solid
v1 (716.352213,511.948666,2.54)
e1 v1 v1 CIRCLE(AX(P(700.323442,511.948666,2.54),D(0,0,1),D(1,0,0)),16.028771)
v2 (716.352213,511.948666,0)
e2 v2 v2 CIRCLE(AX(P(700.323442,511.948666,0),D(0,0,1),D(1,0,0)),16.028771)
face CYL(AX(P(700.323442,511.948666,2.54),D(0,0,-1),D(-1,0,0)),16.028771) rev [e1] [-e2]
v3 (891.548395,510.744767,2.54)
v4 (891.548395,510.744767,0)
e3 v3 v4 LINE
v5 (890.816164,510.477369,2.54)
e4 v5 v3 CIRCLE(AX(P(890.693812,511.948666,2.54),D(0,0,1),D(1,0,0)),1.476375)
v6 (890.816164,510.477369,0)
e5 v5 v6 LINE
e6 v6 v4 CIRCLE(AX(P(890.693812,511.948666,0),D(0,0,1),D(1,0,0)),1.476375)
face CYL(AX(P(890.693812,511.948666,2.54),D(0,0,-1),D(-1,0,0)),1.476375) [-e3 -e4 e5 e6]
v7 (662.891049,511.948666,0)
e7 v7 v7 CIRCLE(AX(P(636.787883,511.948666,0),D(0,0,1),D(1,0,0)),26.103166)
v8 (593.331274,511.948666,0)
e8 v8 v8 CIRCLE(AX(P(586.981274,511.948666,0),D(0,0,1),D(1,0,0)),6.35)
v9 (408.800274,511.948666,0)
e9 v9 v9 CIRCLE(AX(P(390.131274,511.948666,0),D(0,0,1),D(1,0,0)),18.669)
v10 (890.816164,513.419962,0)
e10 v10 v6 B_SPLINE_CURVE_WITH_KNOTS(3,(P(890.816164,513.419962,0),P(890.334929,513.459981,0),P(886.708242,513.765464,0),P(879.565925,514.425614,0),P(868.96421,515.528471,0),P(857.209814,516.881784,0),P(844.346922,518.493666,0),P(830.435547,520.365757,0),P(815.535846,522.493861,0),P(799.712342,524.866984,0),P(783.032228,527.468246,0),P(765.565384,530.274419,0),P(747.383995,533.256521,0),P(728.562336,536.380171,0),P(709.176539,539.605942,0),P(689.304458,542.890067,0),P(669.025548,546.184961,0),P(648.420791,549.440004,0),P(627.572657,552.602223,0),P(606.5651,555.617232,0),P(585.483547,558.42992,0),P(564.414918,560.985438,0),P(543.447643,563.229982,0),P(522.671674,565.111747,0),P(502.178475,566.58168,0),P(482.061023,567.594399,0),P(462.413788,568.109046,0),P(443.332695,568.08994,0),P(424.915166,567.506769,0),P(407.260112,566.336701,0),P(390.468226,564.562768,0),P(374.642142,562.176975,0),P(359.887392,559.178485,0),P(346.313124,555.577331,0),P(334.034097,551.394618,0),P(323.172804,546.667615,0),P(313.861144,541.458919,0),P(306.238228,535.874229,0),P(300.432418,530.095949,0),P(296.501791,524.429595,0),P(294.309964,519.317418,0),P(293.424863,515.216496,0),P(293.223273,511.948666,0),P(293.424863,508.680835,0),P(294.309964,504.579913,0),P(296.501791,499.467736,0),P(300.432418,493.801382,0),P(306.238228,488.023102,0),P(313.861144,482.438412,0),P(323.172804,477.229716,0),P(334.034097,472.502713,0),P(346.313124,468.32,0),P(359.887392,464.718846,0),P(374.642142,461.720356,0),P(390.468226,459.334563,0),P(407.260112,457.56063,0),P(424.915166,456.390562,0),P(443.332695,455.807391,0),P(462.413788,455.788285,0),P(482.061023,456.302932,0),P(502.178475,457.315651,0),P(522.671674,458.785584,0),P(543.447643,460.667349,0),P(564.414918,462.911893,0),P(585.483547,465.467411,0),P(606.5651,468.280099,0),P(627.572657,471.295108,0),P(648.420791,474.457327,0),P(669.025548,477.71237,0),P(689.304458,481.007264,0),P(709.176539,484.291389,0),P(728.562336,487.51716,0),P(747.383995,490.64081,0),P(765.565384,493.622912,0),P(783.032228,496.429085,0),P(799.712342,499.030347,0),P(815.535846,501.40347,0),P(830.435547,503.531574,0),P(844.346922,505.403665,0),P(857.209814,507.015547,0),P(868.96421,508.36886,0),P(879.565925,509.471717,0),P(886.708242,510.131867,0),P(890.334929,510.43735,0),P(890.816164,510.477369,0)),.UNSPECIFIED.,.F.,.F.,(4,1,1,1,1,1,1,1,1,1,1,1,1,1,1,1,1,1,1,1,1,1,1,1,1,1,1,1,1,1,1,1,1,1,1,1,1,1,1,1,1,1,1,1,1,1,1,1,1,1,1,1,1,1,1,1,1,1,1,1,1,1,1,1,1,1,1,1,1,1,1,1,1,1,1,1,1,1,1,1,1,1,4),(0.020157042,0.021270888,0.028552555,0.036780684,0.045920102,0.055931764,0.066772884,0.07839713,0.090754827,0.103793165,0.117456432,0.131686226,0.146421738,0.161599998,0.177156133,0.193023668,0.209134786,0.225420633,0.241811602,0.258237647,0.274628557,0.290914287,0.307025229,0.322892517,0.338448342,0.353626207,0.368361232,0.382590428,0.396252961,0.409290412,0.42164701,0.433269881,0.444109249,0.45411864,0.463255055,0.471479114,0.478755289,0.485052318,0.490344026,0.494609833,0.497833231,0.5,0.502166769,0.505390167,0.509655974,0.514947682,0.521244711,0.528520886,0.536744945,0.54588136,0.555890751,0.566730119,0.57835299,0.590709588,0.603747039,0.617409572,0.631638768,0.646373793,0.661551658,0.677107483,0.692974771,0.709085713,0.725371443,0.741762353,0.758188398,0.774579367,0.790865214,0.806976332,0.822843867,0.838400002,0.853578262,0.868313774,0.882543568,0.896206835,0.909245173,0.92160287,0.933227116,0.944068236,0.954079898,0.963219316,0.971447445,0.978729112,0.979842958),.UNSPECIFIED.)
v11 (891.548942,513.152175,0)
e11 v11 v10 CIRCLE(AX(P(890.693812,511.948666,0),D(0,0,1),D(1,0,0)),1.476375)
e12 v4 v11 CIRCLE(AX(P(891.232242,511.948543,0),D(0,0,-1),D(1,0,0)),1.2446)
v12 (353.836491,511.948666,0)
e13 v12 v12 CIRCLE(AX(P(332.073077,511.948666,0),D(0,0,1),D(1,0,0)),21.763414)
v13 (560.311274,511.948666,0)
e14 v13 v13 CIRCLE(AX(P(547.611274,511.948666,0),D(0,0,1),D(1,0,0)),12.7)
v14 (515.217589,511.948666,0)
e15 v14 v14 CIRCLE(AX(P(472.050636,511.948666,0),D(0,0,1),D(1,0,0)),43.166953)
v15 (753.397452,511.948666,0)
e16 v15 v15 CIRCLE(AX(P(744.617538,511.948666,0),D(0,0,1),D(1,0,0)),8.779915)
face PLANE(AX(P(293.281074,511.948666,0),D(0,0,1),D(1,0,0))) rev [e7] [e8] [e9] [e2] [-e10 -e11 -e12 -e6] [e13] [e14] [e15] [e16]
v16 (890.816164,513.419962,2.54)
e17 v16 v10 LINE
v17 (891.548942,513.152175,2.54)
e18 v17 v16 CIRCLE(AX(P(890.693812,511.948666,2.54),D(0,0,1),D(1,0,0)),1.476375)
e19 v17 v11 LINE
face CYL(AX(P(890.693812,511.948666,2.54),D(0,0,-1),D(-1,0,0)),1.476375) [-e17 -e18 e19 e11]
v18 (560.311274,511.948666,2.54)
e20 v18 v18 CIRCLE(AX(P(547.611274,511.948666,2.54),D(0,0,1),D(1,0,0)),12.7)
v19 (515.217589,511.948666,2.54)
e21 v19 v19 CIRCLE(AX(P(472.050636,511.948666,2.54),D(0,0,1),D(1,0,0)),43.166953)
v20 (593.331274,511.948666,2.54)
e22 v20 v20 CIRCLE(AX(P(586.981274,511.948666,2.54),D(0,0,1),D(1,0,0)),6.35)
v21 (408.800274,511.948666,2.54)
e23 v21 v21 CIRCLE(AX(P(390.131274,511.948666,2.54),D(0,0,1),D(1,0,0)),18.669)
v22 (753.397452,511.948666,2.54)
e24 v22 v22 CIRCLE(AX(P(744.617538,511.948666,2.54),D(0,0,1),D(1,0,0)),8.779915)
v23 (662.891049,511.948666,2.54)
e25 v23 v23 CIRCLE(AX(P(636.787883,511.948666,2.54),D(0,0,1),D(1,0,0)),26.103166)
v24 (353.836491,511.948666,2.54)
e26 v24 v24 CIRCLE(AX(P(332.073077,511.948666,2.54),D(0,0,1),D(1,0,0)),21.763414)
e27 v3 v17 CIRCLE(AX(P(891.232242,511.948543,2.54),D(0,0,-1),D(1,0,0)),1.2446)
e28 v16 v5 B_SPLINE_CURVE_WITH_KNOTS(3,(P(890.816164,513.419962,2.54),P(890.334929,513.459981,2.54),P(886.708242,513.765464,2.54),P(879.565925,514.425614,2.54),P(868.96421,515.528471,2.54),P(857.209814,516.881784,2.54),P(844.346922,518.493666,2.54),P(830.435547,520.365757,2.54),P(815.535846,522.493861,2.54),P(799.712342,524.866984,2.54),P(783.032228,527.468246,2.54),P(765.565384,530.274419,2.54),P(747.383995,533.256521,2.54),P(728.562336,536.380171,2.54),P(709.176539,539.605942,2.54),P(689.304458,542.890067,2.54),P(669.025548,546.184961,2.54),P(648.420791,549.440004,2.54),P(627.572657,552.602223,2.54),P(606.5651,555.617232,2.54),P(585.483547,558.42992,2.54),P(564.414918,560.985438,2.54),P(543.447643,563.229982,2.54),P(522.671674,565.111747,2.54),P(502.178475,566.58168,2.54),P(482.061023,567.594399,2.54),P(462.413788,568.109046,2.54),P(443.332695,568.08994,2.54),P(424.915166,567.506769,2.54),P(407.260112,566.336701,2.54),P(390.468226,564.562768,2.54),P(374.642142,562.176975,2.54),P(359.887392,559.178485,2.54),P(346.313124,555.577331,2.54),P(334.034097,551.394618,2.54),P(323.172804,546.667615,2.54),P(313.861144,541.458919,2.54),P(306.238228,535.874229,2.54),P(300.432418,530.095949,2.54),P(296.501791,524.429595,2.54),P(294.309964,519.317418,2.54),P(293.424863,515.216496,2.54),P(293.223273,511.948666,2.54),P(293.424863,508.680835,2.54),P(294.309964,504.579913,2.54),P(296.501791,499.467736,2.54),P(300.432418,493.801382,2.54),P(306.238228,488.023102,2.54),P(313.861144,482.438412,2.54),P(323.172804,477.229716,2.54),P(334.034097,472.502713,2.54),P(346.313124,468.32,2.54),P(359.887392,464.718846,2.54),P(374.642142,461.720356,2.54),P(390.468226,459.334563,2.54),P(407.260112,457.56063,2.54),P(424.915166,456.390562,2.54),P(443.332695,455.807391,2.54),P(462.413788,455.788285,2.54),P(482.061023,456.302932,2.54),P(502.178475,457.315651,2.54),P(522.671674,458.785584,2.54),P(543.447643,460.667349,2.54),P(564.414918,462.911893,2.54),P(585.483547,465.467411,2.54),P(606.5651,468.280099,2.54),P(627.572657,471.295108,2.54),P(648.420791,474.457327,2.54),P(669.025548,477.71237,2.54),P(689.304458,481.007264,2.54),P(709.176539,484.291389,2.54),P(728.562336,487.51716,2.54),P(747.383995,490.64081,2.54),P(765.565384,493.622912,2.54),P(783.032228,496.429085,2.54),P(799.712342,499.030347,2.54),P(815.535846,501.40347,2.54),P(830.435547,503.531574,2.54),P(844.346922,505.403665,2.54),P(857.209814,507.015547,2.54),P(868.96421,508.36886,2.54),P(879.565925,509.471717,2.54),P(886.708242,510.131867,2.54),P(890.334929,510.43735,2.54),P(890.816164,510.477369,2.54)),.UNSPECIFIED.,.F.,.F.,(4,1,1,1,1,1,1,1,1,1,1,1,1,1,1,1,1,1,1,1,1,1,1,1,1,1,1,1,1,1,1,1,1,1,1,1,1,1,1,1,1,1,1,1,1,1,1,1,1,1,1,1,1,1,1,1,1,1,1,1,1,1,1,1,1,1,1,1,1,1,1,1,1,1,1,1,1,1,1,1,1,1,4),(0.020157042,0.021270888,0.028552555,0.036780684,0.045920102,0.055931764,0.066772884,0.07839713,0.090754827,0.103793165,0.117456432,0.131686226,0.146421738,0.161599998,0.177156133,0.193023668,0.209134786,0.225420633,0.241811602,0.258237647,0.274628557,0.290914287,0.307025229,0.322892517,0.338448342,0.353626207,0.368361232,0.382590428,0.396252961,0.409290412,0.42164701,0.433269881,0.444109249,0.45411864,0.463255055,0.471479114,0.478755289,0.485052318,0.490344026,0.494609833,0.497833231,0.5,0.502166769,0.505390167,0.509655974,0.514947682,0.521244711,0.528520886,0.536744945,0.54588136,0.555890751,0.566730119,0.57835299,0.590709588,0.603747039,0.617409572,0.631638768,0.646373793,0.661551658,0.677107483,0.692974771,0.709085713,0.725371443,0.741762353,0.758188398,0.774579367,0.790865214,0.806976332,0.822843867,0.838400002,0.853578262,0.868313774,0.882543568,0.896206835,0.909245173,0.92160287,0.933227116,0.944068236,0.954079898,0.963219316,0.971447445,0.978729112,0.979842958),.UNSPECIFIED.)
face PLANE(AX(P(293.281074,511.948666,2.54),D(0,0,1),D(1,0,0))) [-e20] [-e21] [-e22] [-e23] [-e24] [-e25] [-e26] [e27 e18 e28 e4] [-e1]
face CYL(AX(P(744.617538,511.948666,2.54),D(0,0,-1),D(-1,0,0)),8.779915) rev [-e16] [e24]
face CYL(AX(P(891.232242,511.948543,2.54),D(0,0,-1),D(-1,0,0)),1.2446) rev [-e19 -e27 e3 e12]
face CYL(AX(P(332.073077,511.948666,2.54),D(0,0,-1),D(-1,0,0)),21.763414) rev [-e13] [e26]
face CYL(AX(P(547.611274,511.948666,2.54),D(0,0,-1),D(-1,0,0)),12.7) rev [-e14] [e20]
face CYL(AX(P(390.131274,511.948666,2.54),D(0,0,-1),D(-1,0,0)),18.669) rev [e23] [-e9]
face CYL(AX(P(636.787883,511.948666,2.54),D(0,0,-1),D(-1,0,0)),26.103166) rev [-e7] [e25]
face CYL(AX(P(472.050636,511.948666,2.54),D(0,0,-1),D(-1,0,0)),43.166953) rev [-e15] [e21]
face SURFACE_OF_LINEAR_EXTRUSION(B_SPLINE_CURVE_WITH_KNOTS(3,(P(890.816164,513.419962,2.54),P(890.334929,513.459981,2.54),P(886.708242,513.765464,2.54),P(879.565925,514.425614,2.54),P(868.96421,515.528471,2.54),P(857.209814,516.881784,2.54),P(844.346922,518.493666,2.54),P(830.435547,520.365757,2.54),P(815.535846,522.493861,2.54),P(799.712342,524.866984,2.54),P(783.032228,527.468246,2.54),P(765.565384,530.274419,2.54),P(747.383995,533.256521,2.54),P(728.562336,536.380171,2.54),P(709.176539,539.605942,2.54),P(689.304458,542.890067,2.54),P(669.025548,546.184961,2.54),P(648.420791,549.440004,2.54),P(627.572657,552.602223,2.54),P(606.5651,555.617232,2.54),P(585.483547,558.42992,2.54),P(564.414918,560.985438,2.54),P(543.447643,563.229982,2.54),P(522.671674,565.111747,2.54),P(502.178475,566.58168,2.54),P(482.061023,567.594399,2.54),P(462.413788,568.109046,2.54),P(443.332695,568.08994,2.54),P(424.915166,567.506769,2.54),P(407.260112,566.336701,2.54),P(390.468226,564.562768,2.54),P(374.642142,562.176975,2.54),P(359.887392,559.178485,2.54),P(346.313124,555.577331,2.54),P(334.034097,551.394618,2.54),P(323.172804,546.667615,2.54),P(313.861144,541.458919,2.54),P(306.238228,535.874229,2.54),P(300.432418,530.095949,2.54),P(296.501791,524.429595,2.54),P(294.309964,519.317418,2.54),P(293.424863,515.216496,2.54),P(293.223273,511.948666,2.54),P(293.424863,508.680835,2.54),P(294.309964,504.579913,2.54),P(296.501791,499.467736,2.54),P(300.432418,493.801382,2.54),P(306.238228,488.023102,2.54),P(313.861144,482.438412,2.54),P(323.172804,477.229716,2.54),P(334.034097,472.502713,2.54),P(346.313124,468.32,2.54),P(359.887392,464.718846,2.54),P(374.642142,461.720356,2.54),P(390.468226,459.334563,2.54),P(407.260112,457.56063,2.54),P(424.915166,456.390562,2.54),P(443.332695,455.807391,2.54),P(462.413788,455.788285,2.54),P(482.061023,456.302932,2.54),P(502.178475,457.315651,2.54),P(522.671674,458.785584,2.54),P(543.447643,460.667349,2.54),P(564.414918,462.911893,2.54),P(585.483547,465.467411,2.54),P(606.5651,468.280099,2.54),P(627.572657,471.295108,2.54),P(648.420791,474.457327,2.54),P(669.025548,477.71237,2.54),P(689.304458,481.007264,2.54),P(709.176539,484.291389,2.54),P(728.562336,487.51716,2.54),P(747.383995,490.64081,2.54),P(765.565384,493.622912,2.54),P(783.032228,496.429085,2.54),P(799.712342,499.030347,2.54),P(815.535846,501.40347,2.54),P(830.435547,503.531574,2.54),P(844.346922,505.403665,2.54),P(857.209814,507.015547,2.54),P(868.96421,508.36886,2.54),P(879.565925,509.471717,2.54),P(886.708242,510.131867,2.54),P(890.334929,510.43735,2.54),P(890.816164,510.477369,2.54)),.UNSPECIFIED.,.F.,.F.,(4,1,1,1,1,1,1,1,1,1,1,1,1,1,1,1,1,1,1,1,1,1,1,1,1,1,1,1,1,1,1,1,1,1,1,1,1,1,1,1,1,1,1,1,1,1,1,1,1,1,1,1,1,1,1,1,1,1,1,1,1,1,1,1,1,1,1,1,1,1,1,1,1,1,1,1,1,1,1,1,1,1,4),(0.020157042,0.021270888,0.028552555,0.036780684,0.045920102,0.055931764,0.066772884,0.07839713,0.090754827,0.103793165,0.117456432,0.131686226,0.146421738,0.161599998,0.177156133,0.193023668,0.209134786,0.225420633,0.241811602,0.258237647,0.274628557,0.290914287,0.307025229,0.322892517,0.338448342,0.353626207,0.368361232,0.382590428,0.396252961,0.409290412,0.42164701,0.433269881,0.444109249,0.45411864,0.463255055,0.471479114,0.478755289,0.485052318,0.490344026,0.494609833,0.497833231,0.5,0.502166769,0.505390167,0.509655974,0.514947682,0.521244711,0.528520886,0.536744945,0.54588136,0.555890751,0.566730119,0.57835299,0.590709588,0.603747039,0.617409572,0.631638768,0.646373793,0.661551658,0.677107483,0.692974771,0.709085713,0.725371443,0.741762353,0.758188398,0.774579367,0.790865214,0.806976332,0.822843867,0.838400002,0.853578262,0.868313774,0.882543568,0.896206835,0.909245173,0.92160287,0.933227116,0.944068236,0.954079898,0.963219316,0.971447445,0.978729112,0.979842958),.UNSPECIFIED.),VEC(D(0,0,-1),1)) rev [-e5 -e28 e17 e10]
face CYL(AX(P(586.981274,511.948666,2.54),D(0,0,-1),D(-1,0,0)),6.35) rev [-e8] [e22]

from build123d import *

# Parameters (mm, degrees)
SKETCH2_R           = 18.669
SKETCH2_R_2         = 12.7
SKETCH2_R_3         = 6.35
SKETCH2_R_4         = 16.028770825
SKETCH2_R_5         = 8.77991455
SKETCH2_R_6         = 21.7634135
SKETCH2_R_7         = 26.10316595
SKETCH2_R_8         = 43.16695288
BOSS_EXTRUDE1_DEPTH = 2.54


with BuildPart() as part:
    # Sketch2 → Boss-Extrude1 (new body)
    with BuildSketch(Plane.XY):
        with BuildLine():
            ThreePointArc((890.816164168, 510.477369134), (891.200246589, 510.561868165), (891.54839493, 510.744767385))
            ThreePointArc((891.54839493, 510.744767385), (889.987641806, 511.948825855), (891.548941561, 513.152175425))
            ThreePointArc((891.548941561, 513.152175425), (891.200561465, 513.335347828), (890.816164168, 513.419961883))
            add(Edge.make_bspline(
                [(890.816164168, 513.419961883), (890.334929222, 513.459981198), (886.708241771, 513.76546367), (879.565924572, 514.42561402), (868.964209832, 515.528471419), (857.209813649, 516.881784466), (844.346922273, 518.493665975), (830.435546641, 520.365757128), (815.535846116, 522.493860762), (799.712341782, 524.86698431), (783.032227934, 527.468245812), (765.56538449, 530.274419358), (747.383994901, 533.25652103), (728.562336326, 536.380171047), (709.176538958, 539.605942423), (689.304458457, 542.890066943), (669.025547897, 546.184960618), (648.420790788, 549.440003688), (627.572657185, 552.602222866), (606.565100392, 555.617231646), (585.483547136, 558.429920334), (564.414918297, 560.985438326), (543.447643352, 563.229982452), (522.671673877, 565.111747072), (502.178474967, 566.581679788), (482.06102345, 567.594398692), (462.413787666, 568.109046223), (443.332695327, 568.089939543), (424.915165793, 567.506768628), (407.260111586, 566.336700548), (390.46822582, 564.562768168), (374.642141664, 562.176975246), (359.88739169, 559.178484874), (346.313124377, 555.577330562), (334.03409686, 551.394617799), (323.172804405, 546.667615258), (313.861144192, 541.458918976), (306.23822821, 535.87422877), (300.432417668, 530.095948609), (296.501791132, 524.429595122), (294.309964234, 519.317417686), (293.424863104, 515.216496363), (293.223273347, 511.948665511), (293.424863104, 508.680834659), (294.309964234, 504.579913337), (296.501791132, 499.4677359), (300.432417668, 493.801382414), (306.23822821, 488.023102253), (313.861144192, 482.438412046), (323.172804405, 477.229715765), (334.03409686, 472.502713223), (346.313124377, 468.32000046), (359.88739169, 464.718846148), (374.642141664, 461.720355776), (390.46822582, 459.334562854), (407.260111586, 457.560630475), (424.915165793, 456.390562395), (443.332695327, 455.80739148), (462.413787666, 455.788284799), (482.06102345, 456.30293233), (502.178474967, 457.315651235), (522.671673877, 458.78558395), (543.447643352, 460.66734857), (564.414918297, 462.911892697), (585.483547136, 465.467410689), (606.565100392, 468.280099376), (627.572657185, 471.295108156), (648.420790788, 474.457327335), (669.025547897, 477.712370404), (689.304458457, 481.007264079), (709.176538958, 484.2913886), (728.562336326, 487.517159975), (747.383994901, 490.640809992), (765.56538449, 493.622911665), (783.032227934, 496.429085211), (799.712341782, 499.030346713), (815.535846116, 501.40347026), (830.435546641, 503.531573895), (844.346922273, 505.403665048), (857.209813649, 507.015546557), (868.964209832, 508.368859604), (879.565924572, 509.471717003), (886.708241771, 510.131867352), (890.334929222, 510.437349825), (890.816164168, 510.477369134)],
                knots=[0.020157042, 0.020157042, 0.020157042, 0.020157042, 0.021270888, 0.028552555, 0.036780684, 0.045920102, 0.055931764, 0.066772884, 0.07839713, 0.090754827, 0.103793165, 0.117456432, 0.131686226, 0.146421738, 0.161599998, 0.177156133, 0.193023668, 0.209134786, 0.225420633, 0.241811602, 0.258237647, 0.274628557, 0.290914287, 0.307025229, 0.322892517, 0.338448342, 0.353626207, 0.368361232, 0.382590428, 0.396252961, 0.409290412, 0.42164701, 0.433269881, 0.444109249, 0.45411864, 0.463255055, 0.471479114, 0.478755289, 0.485052318, 0.490344026, 0.494609833, 0.497833231, 0.5, 0.502166769, 0.505390167, 0.509655974, 0.514947682, 0.521244711, 0.528520886, 0.536744945, 0.54588136, 0.555890751, 0.566730119, 0.57835299, 0.590709588, 0.603747039, 0.617409572, 0.631638768, 0.646373793, 0.661551658, 0.677107483, 0.692974771, 0.709085713, 0.725371443, 0.741762353, 0.758188398, 0.774579367, 0.790865214, 0.806976332, 0.822843867, 0.838400002, 0.853578262, 0.868313774, 0.882543568, 0.896206835, 0.909245173, 0.92160287, 0.933227116, 0.944068236, 0.954079898, 0.963219316, 0.971447445, 0.978729112, 0.979842958, 0.979842958, 0.979842958, 0.979842958], degree=3))
        make_face()
        with Locations((390.131274336, 511.948665509)):
            Circle(SKETCH2_R, mode=Mode.SUBTRACT)
        with Locations((547.611274336, 511.948665509)):
            Circle(SKETCH2_R_2, mode=Mode.SUBTRACT)
        with Locations((586.981274336, 511.948665509)):
            Circle(SKETCH2_R_3, mode=Mode.SUBTRACT)
        with Locations((700.323442246, 511.948665509)):
            Circle(SKETCH2_R_4, mode=Mode.SUBTRACT)
        with Locations((744.61753791, 511.948665509)):
            Circle(SKETCH2_R_5, mode=Mode.SUBTRACT)
        with Locations((332.073077219, 511.948665509)):
            Circle(SKETCH2_R_6, mode=Mode.SUBTRACT)
        with Locations((636.787882815, 511.948665509)):
            Circle(SKETCH2_R_7, mode=Mode.SUBTRACT)
        with Locations((472.050636064, 511.948665509)):
            Circle(SKETCH2_R_8, mode=Mode.SUBTRACT)
    extrude(amount=BOSS_EXTRUDE1_DEPTH)


solid = part.part
